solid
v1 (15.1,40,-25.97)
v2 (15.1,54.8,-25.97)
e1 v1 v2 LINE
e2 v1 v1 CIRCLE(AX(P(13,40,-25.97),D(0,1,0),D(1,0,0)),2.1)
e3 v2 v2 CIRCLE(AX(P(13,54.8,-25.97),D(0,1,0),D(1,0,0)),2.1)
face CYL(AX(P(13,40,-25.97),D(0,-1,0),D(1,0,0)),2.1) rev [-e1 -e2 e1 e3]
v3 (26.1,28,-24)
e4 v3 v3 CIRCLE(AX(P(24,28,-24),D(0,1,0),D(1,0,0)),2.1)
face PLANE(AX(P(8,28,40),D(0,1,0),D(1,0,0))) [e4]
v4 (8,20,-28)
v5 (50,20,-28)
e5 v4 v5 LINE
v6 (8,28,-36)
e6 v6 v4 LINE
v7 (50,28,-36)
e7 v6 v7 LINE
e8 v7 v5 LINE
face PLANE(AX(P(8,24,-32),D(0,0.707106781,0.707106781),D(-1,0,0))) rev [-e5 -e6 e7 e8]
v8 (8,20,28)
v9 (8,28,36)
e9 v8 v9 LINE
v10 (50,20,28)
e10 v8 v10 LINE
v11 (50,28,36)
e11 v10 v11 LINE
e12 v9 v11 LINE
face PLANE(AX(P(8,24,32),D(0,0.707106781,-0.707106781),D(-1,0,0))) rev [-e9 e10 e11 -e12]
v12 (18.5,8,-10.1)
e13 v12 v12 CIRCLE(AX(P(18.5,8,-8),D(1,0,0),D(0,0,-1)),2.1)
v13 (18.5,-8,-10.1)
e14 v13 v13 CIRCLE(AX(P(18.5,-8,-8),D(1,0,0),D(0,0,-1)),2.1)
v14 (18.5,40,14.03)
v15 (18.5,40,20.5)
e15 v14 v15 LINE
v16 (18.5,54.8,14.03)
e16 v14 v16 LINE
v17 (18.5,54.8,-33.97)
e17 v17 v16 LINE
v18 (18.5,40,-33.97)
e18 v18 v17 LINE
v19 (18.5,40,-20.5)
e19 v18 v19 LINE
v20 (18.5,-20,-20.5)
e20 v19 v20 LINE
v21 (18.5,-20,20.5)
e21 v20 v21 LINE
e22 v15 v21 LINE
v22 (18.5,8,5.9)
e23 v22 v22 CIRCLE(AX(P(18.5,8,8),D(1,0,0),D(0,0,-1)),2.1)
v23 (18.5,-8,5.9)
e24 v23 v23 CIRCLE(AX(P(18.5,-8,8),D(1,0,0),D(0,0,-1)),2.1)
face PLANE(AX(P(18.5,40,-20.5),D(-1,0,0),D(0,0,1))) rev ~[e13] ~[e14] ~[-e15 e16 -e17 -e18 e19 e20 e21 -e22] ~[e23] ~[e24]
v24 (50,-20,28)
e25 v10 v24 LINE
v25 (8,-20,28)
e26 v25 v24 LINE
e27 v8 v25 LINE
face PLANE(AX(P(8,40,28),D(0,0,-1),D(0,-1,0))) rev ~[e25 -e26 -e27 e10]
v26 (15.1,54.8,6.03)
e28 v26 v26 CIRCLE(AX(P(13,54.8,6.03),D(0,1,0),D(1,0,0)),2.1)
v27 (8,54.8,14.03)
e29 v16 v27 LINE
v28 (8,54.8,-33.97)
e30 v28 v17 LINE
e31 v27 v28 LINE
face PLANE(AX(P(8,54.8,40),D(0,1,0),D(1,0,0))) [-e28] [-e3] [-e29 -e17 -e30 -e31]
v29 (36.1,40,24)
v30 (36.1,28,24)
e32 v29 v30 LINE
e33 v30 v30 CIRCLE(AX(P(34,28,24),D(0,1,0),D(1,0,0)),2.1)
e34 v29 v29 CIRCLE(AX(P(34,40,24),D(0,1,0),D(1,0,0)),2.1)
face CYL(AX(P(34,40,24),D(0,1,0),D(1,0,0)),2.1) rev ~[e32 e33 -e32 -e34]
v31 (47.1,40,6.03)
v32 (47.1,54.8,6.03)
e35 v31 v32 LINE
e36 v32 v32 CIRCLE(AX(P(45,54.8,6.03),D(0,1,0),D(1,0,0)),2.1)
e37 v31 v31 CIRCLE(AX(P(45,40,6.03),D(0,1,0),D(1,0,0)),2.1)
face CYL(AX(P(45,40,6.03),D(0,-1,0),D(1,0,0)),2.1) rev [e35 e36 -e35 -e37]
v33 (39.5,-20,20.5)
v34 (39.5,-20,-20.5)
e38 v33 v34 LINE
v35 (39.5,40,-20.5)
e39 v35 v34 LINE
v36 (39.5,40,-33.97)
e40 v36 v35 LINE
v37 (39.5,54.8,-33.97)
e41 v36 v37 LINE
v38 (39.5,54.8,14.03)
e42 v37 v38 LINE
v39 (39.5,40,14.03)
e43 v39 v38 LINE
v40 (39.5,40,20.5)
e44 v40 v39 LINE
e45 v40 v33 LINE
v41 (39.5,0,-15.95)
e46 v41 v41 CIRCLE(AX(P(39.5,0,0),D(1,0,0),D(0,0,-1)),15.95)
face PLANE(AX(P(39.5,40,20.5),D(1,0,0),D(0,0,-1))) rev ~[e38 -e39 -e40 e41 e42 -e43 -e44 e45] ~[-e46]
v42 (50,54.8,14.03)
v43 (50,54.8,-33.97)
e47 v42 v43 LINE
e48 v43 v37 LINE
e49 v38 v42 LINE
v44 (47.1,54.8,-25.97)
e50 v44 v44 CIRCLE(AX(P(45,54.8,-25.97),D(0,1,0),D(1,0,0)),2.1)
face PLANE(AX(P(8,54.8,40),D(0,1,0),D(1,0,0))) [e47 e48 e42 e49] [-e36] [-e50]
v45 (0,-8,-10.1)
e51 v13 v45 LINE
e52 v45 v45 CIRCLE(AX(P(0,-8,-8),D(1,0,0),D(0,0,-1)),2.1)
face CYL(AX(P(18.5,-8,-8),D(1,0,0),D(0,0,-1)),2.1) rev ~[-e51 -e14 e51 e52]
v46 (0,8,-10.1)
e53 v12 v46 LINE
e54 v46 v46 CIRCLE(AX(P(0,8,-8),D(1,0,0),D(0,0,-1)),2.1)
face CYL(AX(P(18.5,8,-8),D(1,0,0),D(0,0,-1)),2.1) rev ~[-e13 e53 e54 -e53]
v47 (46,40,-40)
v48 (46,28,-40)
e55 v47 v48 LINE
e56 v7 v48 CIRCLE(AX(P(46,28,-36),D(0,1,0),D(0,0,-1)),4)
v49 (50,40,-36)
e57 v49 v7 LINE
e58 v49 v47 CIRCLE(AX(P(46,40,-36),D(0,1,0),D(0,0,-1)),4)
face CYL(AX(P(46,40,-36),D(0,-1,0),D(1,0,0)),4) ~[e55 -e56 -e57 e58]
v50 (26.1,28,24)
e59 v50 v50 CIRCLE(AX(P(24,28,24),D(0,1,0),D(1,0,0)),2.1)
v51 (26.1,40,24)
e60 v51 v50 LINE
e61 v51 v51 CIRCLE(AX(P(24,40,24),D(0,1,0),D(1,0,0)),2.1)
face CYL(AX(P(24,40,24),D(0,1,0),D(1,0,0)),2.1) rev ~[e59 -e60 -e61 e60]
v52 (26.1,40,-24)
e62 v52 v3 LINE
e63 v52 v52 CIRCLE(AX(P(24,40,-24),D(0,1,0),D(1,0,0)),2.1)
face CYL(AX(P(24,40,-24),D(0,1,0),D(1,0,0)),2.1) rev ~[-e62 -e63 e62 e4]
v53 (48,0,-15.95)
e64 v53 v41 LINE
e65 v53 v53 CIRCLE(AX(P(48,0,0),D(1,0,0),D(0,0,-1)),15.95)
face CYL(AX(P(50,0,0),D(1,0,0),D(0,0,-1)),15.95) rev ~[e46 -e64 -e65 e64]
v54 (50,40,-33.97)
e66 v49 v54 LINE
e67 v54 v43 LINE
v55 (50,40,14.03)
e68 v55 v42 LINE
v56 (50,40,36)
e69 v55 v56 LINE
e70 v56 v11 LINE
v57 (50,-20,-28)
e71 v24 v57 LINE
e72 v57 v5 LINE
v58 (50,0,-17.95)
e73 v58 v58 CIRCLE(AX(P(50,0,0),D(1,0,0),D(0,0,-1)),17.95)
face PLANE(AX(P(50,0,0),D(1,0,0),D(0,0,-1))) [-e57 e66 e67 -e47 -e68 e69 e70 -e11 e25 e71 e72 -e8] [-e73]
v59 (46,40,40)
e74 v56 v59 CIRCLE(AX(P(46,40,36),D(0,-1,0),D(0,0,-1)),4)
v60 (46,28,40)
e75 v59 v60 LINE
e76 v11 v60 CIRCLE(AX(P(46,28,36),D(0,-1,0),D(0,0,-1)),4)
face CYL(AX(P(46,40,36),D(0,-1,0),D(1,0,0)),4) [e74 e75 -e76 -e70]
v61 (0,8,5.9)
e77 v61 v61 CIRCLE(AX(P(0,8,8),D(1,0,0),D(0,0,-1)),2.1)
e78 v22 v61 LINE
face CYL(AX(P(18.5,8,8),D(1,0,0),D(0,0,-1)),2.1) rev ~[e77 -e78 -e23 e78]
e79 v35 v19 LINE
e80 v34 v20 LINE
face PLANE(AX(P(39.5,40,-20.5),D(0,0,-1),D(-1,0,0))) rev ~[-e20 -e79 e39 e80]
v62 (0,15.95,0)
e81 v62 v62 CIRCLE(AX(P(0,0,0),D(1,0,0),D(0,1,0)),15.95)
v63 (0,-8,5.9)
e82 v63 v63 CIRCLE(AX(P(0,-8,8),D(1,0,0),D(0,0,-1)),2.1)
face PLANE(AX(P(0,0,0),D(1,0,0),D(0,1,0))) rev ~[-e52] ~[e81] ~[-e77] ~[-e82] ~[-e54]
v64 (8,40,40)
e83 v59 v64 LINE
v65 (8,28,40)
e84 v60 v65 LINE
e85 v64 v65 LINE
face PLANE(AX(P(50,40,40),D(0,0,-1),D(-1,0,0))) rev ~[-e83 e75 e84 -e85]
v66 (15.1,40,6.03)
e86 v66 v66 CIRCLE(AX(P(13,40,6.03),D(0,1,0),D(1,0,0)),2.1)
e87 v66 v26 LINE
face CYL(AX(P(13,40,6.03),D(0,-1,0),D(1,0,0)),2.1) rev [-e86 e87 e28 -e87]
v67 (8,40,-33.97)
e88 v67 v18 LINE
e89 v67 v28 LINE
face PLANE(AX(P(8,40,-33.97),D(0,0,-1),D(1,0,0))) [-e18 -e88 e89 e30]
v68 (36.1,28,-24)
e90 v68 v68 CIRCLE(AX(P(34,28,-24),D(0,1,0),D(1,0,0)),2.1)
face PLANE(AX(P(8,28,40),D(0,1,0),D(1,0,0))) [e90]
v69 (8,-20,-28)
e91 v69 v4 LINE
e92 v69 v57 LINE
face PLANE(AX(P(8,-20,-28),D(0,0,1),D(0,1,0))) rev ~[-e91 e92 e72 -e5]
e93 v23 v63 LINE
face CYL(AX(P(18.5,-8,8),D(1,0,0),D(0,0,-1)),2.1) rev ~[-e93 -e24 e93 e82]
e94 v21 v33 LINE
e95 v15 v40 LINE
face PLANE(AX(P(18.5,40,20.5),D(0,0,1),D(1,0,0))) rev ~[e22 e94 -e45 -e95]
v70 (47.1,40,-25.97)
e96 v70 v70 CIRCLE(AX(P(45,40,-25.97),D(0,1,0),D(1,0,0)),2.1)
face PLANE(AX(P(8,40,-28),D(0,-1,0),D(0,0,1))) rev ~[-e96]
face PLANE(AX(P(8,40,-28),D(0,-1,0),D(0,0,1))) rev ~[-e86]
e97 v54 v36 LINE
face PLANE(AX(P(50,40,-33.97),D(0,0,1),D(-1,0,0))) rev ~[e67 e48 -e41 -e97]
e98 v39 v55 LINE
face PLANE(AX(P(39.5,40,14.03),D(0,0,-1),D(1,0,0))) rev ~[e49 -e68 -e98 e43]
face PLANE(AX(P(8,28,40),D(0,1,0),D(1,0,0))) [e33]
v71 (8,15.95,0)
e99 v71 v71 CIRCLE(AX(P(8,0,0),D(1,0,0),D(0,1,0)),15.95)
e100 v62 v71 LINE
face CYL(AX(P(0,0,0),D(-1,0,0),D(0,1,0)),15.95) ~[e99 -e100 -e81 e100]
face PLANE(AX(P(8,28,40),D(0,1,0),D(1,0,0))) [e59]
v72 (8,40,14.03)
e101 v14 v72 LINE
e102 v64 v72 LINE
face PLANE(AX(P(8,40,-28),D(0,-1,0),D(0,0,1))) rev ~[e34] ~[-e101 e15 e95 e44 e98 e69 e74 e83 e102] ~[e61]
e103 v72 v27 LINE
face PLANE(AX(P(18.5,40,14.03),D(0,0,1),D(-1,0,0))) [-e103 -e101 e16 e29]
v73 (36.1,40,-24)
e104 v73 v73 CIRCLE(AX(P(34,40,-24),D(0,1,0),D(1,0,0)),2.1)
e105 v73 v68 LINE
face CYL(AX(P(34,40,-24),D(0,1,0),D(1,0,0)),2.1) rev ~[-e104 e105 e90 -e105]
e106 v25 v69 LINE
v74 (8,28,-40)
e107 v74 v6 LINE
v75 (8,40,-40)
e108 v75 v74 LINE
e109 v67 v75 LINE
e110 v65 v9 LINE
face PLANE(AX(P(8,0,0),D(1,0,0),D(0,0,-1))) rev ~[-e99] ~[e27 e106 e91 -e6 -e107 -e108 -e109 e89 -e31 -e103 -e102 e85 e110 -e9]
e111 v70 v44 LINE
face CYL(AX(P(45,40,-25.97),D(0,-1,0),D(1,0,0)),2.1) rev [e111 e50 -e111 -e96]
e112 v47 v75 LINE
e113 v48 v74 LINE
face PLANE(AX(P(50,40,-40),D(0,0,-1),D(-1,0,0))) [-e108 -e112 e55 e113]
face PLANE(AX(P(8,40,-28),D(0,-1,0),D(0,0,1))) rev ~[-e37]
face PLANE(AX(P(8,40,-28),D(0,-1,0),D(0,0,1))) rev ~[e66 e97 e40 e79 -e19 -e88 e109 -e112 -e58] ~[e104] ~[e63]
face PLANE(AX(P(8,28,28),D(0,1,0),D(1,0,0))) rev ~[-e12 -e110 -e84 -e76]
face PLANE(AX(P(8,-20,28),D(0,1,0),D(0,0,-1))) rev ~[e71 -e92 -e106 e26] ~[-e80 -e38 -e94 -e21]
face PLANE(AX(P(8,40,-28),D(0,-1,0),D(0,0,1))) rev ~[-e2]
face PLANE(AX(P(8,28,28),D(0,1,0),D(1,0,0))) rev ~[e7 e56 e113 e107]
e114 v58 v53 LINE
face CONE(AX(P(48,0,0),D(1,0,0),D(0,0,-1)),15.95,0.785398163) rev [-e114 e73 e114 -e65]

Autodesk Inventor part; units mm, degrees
ref_plane "YZ Plane" through (0, 0, 0) normal (1, 0, 0) x (0, 1, 0)
ref_plane "XZ Plane" through (0, 0, 0) normal (0, 1, 0) x (-1, 0, 0)
ref_plane "XY Plane" through (0, 0, 0) normal (0, 0, 1) x (1, 0, 0)
sketch "Sketch1" plane through (0, 0, 0) normal (1, 0, 0) x (0, 1, 0)
  circle A0 centre (0, 0) radius 15.95
  dimension "d0" = 31.9
extrude "Extrusion1" add sketch "Sketch1" along normal blind 8
sketch "Sketch2" plane through (8, 0, 0) normal (1, 0, 0) x (0, 0, -1)
  line L0 (-28, -20) -> (28, -20)
  line L1 (28, -20) -> (28, 40)
  line L2 (28, 40) -> (-28, 40)
  line L3 (-28, 40) -> (-28, -20)
  line L4 (-28, -20) -> (28, 40) construction
  line L5 (28, -20) -> (-28, 40) construction
  point P0 (0, 0)
  point P1 (0, 10)
  point P2 (0, 10)
  dimension "d3" = 60
  dimension "d4" = 56
  dimension "d46" = 10
extrude "Extrusion2" add sketch "Sketch2" along normal blind 42
sketch "Sketch3" plane through (8, 40, 28) normal (0, 1, 0) x (1, 0, 0)
  line L0 (0, 56) -> (42, 56) projected
  line L1 (21, 56) -> (21, 0) construction
  line L2 (0, 0) -> (42, 0) projected
  line L3 (10.5, 7.5) -> (31.5, 7.5)
  line L4 (31.5, 7.5) -> (31.5, 48.5)
  line L5 (31.5, 48.5) -> (10.5, 48.5)
  line L6 (10.5, 48.5) -> (10.5, 7.5)
  line L7 (10.5, 7.5) -> (31.5, 48.5) construction
  line L8 (31.5, 7.5) -> (10.5, 48.5) construction
  point P0 (-8, 28)
  point P1 (21, 28)
  dimension "d7" = 21
  dimension "d8" = 41
extrude "Extrusion3" cut sketch "Sketch3" against normal through all
sketch "Sketch4" plane through (50, 0, 0) normal (1, 0, 0) x (0, 0, -1)
  circle A0 centre (0, 0) radius 15.95 projected
extrude "Extrusion4" cut sketch "Sketch4" against normal up to surface (10.5 mm away)
sketch "Sketch5" plane through (18.5, 40, 20.5) normal (1, 0, 0) x (0, 0, -1)
  circle A0 centre (20.5, -40) radius 15.95 construction
  circle A1 centre (12.5, -32) radius 2.1
  circle A2 centre (12.5, -48) radius 2.1
  circle A3 centre (28.5, -48) radius 2.1
  circle A4 centre (28.5, -32) radius 2.1
  dimension "d13" = 4.2
  dimension "d14" = 8
  dimension "d15" = 8
  dimension "d18" = 360
extrude "Extrusion5" cut sketch "Sketch5" against normal through all
sketch "Sketch6" plane through (8, 40, 28) normal (0, 1, 0) x (1, 0, 0)
  line L0 (31.5, 48.5) -> (10.5, 48.5) construction
  line L1 (21, 48.5) -> (21, 7.5) construction
  line L2 (10.5, 7.5) -> (31.5, 7.5) construction
  line L3 (0, 0) -> (42, 0) projected
  line L4 (0, 0) -> (42, 0)
  line L5 (42, 0) -> (42, -12)
  line L6 (42, -12) -> (0, -12)
  line L7 (0, -12) -> (0, 0)
  line L8 (10.5, 7.5) -> (10.5, 48.5) construction
  line L9 (10.5, 28) -> (31.5, 28) construction
  line L10 (31.5, 12.05) -> (31.5, 43.95) construction
  line L11 (0, 56) -> (42, 56)
  line L12 (0, 56) -> (42, 56)
  line L13 (42, 56) -> (42, 68)
  line L14 (42, 68) -> (0, 68)
  line L15 (0, 68) -> (0, 56)
  point P0 (-8, 28)
  point P1 (21, 28)
  dimension "d25" = 12
extrude "Extrusion6" add sketch "Sketch6" against normal blind 12
sketch "Sketch8" plane through (8, 40, 40) normal (0, 1, 0) x (1, 0, 0)
  line L0 (10.5, 19.5) -> (31.5, 19.5) construction
  line L1 (21, 19.5) -> (21, 60.5) construction
  line L2 (31.5, 60.5) -> (10.5, 60.5) construction
  circle A0 centre (26, 16) radius 2.1
  line L3 (31.5, 19.5) -> (10.5, 19.5) projected
  line L4 (10.5, 19.5) -> (10.5, 60.5) construction
  line L5 (10.5, 40) -> (31.5, 40) construction
  line L6 (31.5, 24.05) -> (31.5, 55.95) construction
  circle A1 centre (16, 16) radius 2.1
  circle A2 centre (26, 64) radius 2.1
  circle A3 centre (16, 64) radius 2.1
  point P0 (-8, 40)
  point P1 (21, 40)
  dimension "d31" = 4.2
  dimension "d32" = 5
  dimension "d33" = 24
extrude "Extrusion8" cut sketch "Sketch8" against normal up to surface (12 mm away)
fillet "Fillet2" radius 4 2 edges at (50, 34, 40) (50, 34, -40)
chamfer "Chamfer1" distance 2 angle 45 1 edges at (50, 0, 15.95)
chamfer "Chamfer2" distance 8 angle 45 2 edges at (29, 28, 28) (29, 28, -28)
sketch "Sketch10" plane through (8, 40, 40) normal (0, 1, 0) x (1, 0, 0)
  line L0 (31.5, 60.5) -> (10.5, 60.5) construction
  line L1 (21, 60.5) -> (21, 19.5) construction
  line L2 (31.5, 19.5) -> (10.5, 19.5) construction
  circle A0 centre (5, 33.97) radius 2.1
  circle A1 centre (5, 65.97) radius 2.1
  circle A2 centre (37, 33.97) radius 2.1
  circle A3 centre (37, 65.97) radius 2.1
  line L3 (0, 80) -> (0, 0) construction
  line L4 (0, 73.97) -> (10.5, 73.97)
  line L5 (10.5, 73.97) -> (10.5, 25.97)
  line L6 (10.5, 25.97) -> (0, 25.97)
  line L7 (0, 25.97) -> (0, 73.97)
  line L8 (5, 65.97) -> (5, 33.97) construction
  line L9 (42, 73.97) -> (31.5, 73.97)
  line L10 (31.5, 73.97) -> (31.5, 25.97)
  line L11 (31.5, 25.97) -> (42, 25.97)
  line L12 (42, 25.97) -> (42, 73.97)
  point P0 (-8, 40)
  point P1 (21, 40)
  point P2 (10.5, 49.97)
  point P3 (5, 49.97)
  dimension "d58" = 4.2
  dimension "d60" = 16
  dimension "d61" = 4.2
  dimension "d62" = 32
  dimension "d63" = 48
  dimension "d64" = 10.5
  dimension "d67" = 9.97
extrude "Extrusion10" add sketch "Sketch10" along normal blind 14.8
properties part number "VerticalAxisServoMount"
